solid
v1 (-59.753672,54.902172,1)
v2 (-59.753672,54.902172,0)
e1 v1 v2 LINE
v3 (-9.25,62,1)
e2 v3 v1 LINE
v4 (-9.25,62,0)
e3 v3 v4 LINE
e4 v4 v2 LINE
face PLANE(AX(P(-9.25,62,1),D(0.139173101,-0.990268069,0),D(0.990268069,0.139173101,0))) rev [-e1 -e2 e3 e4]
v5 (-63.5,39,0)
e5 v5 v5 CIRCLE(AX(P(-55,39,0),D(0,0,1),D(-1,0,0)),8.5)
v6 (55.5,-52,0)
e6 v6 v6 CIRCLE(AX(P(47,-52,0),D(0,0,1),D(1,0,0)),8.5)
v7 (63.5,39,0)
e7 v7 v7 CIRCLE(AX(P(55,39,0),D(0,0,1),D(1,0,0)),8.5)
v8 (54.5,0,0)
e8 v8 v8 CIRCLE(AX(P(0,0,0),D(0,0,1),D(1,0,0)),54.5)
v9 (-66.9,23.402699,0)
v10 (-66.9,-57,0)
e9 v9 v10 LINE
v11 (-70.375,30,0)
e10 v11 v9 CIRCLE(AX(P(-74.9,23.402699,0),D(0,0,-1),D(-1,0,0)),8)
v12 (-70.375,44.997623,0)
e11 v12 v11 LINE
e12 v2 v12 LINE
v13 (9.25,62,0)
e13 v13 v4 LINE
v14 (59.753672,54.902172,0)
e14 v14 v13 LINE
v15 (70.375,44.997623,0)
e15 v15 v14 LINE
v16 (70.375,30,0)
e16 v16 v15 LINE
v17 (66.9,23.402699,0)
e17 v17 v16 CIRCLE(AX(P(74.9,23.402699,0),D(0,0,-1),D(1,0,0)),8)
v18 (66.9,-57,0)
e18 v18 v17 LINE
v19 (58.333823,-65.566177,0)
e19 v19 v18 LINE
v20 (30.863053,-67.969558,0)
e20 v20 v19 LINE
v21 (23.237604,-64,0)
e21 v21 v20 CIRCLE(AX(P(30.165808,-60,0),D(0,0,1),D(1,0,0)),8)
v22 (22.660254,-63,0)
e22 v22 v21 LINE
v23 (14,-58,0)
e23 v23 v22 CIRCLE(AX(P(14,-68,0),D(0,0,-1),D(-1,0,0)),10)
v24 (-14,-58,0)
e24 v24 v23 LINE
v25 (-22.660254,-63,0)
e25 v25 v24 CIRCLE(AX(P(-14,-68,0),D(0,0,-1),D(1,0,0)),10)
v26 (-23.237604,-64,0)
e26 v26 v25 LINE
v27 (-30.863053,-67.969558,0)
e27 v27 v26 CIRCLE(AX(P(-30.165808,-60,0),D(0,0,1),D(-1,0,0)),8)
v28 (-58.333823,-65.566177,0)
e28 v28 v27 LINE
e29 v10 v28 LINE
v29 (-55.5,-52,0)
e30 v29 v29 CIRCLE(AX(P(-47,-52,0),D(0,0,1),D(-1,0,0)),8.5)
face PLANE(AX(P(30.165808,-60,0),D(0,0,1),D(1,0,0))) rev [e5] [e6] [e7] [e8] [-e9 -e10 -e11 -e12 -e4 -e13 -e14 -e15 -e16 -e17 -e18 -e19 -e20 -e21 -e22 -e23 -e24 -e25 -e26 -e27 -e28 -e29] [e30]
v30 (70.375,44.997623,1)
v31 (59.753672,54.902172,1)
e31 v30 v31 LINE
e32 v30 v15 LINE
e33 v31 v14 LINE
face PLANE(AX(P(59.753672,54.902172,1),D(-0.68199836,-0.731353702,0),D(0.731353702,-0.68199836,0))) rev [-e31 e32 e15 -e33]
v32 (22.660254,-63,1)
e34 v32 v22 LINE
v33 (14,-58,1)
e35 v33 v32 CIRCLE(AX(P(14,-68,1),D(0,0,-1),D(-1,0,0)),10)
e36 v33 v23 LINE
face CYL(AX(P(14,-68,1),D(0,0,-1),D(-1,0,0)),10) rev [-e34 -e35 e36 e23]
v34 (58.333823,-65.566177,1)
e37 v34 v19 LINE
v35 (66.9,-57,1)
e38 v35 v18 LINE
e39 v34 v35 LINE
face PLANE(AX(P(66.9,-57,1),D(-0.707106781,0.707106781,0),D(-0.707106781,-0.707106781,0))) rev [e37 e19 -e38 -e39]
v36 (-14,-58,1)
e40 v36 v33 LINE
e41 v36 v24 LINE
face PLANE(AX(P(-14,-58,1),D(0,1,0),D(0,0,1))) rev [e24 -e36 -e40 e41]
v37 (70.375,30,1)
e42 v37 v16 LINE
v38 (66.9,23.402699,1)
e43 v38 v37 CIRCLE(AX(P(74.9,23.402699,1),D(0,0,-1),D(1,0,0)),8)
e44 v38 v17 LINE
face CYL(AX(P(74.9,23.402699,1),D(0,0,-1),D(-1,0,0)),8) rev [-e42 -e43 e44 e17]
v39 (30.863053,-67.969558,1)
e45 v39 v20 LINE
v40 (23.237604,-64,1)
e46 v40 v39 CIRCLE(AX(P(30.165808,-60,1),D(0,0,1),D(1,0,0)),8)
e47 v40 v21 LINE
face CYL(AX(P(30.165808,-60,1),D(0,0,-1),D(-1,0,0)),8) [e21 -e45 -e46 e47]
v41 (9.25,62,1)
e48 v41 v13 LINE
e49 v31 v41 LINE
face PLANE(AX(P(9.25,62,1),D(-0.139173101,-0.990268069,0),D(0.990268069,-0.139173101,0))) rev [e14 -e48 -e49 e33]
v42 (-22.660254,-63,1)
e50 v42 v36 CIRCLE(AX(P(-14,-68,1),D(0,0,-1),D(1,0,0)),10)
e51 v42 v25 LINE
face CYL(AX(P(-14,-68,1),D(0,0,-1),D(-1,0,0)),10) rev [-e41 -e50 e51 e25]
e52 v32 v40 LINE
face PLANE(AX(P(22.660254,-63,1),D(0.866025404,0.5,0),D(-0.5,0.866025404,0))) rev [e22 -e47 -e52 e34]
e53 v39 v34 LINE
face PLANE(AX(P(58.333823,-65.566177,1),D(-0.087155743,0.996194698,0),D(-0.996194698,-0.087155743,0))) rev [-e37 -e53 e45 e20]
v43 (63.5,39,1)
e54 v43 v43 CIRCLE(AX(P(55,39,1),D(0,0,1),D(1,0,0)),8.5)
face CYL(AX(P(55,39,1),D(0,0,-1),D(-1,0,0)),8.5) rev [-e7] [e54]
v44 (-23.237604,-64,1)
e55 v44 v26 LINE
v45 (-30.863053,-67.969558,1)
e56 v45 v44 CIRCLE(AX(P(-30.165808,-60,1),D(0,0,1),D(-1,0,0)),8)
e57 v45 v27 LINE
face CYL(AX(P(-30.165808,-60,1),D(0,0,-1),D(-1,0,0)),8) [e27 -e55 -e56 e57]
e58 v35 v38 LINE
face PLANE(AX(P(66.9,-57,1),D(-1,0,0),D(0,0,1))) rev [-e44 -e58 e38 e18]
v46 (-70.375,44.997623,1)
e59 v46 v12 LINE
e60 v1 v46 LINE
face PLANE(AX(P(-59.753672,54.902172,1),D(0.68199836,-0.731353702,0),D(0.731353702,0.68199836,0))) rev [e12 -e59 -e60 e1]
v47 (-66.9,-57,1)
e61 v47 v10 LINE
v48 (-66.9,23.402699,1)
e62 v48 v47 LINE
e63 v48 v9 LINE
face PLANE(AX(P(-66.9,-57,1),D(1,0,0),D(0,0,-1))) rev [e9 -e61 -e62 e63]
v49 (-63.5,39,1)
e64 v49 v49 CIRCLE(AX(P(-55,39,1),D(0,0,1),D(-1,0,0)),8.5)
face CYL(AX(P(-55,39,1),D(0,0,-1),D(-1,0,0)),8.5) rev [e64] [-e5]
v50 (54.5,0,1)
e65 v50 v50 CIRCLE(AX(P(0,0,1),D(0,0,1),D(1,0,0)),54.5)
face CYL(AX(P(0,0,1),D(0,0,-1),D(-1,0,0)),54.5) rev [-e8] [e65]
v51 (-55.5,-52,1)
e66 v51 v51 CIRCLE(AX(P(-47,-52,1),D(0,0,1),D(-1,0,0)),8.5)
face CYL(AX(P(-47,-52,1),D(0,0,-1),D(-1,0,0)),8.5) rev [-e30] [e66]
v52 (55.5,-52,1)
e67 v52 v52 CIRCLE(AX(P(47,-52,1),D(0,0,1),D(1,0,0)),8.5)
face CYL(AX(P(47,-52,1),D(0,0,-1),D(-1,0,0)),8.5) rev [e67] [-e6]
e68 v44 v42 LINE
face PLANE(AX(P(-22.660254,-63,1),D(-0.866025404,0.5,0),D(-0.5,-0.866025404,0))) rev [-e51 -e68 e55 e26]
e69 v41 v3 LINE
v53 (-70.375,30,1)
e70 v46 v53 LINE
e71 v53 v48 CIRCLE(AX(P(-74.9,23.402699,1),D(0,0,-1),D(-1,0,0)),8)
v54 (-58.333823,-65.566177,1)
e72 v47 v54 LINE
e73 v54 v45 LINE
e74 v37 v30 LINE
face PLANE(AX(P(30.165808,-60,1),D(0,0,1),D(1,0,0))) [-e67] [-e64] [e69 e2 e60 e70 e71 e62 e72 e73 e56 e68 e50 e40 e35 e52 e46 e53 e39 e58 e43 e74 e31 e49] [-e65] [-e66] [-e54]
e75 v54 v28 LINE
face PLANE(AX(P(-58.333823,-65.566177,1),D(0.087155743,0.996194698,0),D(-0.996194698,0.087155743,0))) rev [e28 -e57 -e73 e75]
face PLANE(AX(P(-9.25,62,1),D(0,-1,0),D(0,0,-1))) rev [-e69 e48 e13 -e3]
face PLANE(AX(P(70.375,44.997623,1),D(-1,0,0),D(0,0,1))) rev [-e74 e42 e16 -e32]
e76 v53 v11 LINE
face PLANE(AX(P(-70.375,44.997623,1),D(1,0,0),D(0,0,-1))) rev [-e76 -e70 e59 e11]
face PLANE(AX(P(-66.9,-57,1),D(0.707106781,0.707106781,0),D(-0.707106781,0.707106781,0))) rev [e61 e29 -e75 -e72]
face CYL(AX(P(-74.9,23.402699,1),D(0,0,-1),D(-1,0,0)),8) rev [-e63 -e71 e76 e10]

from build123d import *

# Parameters (mm, degrees)
SKETCH1_R           = 54.5
SKETCH1_R_2         = 8.5
BOSS_EXTRUDE1_DEPTH = 1


with BuildPart() as part:
    # Sketch1 → Boss-Extrude1 (new body)
    with BuildSketch(Plane.XY):
        with BuildLine():
            Line((-9.25, 62), (9.25, 62))
            Line((9.25, 62), (59.753671506, 54.902171851))
            Line((59.753671506, 54.902171851), (70.375, 44.997622795))
            Line((70.375, 44.997622795), (70.375, 30))
            ThreePointArc((70.375, 30), (67.821864652, 27.130969792), (66.9, 23.402699416))
            Line((66.9, 23.402699416), (66.9, -57))
            Line((66.9, -57), (58.333823358, -65.566176642))
            Line((58.333823358, -65.566176642), (30.863053479, -67.969557585))
            ThreePointArc((30.863053479, -67.969557585), (26.471818631, -67.096086665), (23.237604307, -64))
            Line((23.237604307, -64), (22.660254038, -63))
            ThreePointArc((22.660254038, -63), (19, -59.339745962), (14, -58))
            Line((14, -58), (-14, -58))
            ThreePointArc((-14, -58), (-19, -59.339745962), (-22.660254038, -63))
            Line((-22.660254038, -63), (-23.237604307, -64))
            ThreePointArc((-23.237604307, -64), (-26.471818631, -67.096086665), (-30.863053479, -67.969557585))
            Line((-30.863053479, -67.969557585), (-58.333823358, -65.566176642))
            Line((-58.333823358, -65.566176642), (-66.9, -57))
            Line((-66.9, -57), (-66.9, 23.402699416))
            ThreePointArc((-66.9, 23.402699416), (-67.821864652, 27.130969792), (-70.375, 30))
            Line((-70.375, 30), (-70.375, 44.997622795))
            Line((-70.375, 44.997622795), (-59.753671506, 54.902171851))
            Line((-59.753671506, 54.902171851), (-9.25, 62))
        make_face()
        Circle(SKETCH1_R, mode=Mode.SUBTRACT)
        with Locations((55, 39)):
            Circle(SKETCH1_R_2, mode=Mode.SUBTRACT)
        with Locations(Location((-55, 39, 0), (0, 0, 180))):
            Circle(SKETCH1_R_2, mode=Mode.SUBTRACT)
        with Locations((47, -52)):
            Circle(SKETCH1_R_2, mode=Mode.SUBTRACT)
        with Locations(Location((-47, -52, 0), (0, 0, 180))):
            Circle(SKETCH1_R_2, mode=Mode.SUBTRACT)
    extrude(amount=BOSS_EXTRUDE1_DEPTH)


solid = part.part
